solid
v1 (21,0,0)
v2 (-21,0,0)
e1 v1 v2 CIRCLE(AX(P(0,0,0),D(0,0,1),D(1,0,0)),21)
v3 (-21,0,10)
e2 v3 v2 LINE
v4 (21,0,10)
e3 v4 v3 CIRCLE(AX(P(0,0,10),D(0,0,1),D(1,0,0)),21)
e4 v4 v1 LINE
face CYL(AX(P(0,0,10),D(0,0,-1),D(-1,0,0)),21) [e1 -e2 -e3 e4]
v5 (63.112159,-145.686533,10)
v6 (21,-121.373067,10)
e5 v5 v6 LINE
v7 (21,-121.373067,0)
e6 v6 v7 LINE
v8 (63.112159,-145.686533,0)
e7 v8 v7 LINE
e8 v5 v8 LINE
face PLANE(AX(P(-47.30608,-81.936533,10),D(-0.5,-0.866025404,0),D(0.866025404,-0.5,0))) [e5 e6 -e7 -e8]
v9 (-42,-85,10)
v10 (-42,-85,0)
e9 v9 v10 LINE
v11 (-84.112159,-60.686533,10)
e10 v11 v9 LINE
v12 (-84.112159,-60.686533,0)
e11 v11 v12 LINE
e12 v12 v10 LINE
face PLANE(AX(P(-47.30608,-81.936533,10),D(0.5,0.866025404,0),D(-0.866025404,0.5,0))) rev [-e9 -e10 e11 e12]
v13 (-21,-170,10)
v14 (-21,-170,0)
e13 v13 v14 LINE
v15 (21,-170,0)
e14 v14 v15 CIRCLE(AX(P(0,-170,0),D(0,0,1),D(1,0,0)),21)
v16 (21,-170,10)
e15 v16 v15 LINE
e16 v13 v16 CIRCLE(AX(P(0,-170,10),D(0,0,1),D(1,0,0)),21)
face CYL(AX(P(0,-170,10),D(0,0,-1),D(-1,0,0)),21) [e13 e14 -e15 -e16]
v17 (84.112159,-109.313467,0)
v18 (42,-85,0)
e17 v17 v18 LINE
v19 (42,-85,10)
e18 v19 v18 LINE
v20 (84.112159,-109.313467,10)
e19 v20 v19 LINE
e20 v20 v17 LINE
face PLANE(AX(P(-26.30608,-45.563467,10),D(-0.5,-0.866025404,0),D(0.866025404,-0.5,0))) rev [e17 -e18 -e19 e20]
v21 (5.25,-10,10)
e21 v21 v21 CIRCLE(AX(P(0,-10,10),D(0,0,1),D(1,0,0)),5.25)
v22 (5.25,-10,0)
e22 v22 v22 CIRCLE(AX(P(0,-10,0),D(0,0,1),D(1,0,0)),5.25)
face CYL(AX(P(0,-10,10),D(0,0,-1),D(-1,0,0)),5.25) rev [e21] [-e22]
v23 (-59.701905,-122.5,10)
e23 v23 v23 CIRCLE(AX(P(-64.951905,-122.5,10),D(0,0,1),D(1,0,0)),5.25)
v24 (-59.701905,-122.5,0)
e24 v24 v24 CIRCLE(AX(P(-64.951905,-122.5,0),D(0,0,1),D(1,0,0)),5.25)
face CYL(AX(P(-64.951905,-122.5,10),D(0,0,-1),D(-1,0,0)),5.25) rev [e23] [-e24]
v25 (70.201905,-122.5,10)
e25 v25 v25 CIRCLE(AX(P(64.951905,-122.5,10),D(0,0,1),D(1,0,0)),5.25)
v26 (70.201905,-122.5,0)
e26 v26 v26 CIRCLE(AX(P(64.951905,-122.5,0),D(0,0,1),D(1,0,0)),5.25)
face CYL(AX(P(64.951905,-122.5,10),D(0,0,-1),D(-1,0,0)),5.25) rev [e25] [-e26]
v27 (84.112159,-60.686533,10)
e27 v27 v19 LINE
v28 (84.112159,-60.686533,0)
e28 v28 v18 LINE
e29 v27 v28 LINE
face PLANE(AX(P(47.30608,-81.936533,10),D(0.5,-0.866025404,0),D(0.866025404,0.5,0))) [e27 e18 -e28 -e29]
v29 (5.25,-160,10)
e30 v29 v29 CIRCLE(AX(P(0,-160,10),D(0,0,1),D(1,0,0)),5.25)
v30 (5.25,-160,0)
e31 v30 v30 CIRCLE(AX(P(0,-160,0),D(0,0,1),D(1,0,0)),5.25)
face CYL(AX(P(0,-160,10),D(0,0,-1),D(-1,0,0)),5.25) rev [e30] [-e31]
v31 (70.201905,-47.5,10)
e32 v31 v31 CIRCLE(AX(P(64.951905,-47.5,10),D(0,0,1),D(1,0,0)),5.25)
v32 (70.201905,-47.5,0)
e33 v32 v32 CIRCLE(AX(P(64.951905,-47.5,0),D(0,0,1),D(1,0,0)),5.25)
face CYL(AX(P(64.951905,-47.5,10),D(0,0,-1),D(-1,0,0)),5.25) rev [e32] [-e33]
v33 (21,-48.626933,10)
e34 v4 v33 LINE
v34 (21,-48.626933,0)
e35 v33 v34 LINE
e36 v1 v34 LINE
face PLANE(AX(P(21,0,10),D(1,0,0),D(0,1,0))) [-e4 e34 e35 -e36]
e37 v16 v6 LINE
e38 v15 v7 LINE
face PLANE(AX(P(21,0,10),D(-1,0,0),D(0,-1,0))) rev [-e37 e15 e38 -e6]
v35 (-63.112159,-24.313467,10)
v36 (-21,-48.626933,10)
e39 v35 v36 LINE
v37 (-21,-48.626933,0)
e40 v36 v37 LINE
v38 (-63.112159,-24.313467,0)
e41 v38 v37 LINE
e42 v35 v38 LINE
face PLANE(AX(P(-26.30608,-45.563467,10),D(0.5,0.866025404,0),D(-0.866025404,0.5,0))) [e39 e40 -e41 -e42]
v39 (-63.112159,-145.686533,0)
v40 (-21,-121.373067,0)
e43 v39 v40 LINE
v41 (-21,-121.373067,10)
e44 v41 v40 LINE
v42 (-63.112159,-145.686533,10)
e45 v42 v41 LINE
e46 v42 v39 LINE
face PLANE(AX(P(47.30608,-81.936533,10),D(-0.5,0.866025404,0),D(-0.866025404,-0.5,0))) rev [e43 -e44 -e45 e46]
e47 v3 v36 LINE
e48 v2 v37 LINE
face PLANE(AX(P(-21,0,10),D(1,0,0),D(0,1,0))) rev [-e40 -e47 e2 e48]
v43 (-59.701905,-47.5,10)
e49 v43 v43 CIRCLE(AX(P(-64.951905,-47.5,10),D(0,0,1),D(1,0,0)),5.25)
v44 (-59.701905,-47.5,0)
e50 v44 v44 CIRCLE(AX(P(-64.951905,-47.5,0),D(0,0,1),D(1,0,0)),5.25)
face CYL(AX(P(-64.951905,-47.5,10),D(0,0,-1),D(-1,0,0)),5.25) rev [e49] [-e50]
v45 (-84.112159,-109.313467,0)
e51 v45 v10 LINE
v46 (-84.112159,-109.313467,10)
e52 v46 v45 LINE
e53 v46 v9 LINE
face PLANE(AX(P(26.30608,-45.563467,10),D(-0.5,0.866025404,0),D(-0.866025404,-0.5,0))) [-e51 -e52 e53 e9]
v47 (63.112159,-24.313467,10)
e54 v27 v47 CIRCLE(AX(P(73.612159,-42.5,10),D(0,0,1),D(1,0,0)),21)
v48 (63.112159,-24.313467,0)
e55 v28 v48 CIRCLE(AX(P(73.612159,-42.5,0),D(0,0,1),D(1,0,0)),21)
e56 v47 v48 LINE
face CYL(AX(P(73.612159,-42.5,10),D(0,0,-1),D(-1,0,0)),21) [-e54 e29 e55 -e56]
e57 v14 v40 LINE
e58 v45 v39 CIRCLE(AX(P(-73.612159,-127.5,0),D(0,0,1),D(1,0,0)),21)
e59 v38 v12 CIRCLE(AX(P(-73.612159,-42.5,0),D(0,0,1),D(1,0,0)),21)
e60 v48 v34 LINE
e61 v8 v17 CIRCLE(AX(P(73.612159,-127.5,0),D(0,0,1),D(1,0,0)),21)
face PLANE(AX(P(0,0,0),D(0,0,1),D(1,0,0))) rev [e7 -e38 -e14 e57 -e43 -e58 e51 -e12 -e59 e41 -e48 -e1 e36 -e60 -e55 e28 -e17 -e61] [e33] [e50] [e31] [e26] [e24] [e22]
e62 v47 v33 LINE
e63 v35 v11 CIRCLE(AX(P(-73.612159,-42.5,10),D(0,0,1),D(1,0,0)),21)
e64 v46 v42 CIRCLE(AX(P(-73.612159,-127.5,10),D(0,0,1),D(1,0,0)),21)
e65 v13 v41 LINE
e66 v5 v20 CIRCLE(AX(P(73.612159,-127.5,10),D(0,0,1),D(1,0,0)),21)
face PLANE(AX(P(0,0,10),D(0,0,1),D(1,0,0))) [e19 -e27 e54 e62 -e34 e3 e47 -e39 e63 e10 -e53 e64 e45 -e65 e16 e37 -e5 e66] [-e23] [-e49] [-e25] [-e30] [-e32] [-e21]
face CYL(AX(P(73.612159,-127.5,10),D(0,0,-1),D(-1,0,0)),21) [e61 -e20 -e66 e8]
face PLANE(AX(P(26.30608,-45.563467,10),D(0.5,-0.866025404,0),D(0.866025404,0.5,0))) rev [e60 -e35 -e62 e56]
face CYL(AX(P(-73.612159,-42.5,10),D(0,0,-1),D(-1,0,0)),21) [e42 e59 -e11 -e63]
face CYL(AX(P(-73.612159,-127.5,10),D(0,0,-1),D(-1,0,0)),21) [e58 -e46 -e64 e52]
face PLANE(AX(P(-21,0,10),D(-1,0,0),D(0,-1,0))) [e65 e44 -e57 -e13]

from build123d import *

# Parameters (mm, degrees)
SKETCH_1_R      = 5.25
EXTRUDE_1_DEPTH = 10


with BuildPart() as part:
    # 草图1 → 凸台-拉伸1 (new body)
    with BuildSketch(Plane.XY):
        with BuildLine():
            Line((21, 0), (21, -48.626933041))
            Line((21, -48.626933041), (63.112159322, -24.313466521))
            ThreePointArc((63.112159322, -24.313466521), (91.798692801, -32), (84.112159322, -60.686533479))
            Line((84.112159322, -60.686533479), (42, -85))
            Line((42, -85), (84.112159322, -109.313466521))
            ThreePointArc((84.112159322, -109.313466521), (91.798692801, -138), (63.112159322, -145.686533479))
            Line((63.112159322, -145.686533479), (21, -121.373066959))
            Line((21, -121.373066959), (21, -170))
            ThreePointArc((21, -170), (0, -191), (-21, -170))
            Line((-21, -170), (-21, -121.373066959))
            Line((-21, -121.373066959), (-63.112159322, -145.686533479))
            ThreePointArc((-63.112159322, -145.686533479), (-91.798692801, -138), (-84.112159322, -109.313466521))
            Line((-84.112159322, -109.313466521), (-42, -85))
            Line((-42, -85), (-84.112159322, -60.686533479))
            ThreePointArc((-84.112159322, -60.686533479), (-91.798692801, -32), (-63.112159322, -24.313466521))
            Line((-63.112159322, -24.313466521), (-21, -48.626933041))
            Line((-21, -48.626933041), (-21, 0))
            ThreePointArc((-21, 0), (0, 21), (21, 0))
        make_face()
        with Locations((0, -10)):
            Circle(SKETCH_1_R, mode=Mode.SUBTRACT)
        with Locations((64.951905284, -47.5)):
            Circle(SKETCH_1_R, mode=Mode.SUBTRACT)
        with Locations((64.951905284, -122.5)):
            Circle(SKETCH_1_R, mode=Mode.SUBTRACT)
        with Locations((0, -160)):
            Circle(SKETCH_1_R, mode=Mode.SUBTRACT)
        with Locations((-64.951905284, -122.5)):
            Circle(SKETCH_1_R, mode=Mode.SUBTRACT)
        with Locations((-64.951905284, -47.5)):
            Circle(SKETCH_1_R, mode=Mode.SUBTRACT)
    extrude(amount=EXTRUDE_1_DEPTH)


solid = part.part
